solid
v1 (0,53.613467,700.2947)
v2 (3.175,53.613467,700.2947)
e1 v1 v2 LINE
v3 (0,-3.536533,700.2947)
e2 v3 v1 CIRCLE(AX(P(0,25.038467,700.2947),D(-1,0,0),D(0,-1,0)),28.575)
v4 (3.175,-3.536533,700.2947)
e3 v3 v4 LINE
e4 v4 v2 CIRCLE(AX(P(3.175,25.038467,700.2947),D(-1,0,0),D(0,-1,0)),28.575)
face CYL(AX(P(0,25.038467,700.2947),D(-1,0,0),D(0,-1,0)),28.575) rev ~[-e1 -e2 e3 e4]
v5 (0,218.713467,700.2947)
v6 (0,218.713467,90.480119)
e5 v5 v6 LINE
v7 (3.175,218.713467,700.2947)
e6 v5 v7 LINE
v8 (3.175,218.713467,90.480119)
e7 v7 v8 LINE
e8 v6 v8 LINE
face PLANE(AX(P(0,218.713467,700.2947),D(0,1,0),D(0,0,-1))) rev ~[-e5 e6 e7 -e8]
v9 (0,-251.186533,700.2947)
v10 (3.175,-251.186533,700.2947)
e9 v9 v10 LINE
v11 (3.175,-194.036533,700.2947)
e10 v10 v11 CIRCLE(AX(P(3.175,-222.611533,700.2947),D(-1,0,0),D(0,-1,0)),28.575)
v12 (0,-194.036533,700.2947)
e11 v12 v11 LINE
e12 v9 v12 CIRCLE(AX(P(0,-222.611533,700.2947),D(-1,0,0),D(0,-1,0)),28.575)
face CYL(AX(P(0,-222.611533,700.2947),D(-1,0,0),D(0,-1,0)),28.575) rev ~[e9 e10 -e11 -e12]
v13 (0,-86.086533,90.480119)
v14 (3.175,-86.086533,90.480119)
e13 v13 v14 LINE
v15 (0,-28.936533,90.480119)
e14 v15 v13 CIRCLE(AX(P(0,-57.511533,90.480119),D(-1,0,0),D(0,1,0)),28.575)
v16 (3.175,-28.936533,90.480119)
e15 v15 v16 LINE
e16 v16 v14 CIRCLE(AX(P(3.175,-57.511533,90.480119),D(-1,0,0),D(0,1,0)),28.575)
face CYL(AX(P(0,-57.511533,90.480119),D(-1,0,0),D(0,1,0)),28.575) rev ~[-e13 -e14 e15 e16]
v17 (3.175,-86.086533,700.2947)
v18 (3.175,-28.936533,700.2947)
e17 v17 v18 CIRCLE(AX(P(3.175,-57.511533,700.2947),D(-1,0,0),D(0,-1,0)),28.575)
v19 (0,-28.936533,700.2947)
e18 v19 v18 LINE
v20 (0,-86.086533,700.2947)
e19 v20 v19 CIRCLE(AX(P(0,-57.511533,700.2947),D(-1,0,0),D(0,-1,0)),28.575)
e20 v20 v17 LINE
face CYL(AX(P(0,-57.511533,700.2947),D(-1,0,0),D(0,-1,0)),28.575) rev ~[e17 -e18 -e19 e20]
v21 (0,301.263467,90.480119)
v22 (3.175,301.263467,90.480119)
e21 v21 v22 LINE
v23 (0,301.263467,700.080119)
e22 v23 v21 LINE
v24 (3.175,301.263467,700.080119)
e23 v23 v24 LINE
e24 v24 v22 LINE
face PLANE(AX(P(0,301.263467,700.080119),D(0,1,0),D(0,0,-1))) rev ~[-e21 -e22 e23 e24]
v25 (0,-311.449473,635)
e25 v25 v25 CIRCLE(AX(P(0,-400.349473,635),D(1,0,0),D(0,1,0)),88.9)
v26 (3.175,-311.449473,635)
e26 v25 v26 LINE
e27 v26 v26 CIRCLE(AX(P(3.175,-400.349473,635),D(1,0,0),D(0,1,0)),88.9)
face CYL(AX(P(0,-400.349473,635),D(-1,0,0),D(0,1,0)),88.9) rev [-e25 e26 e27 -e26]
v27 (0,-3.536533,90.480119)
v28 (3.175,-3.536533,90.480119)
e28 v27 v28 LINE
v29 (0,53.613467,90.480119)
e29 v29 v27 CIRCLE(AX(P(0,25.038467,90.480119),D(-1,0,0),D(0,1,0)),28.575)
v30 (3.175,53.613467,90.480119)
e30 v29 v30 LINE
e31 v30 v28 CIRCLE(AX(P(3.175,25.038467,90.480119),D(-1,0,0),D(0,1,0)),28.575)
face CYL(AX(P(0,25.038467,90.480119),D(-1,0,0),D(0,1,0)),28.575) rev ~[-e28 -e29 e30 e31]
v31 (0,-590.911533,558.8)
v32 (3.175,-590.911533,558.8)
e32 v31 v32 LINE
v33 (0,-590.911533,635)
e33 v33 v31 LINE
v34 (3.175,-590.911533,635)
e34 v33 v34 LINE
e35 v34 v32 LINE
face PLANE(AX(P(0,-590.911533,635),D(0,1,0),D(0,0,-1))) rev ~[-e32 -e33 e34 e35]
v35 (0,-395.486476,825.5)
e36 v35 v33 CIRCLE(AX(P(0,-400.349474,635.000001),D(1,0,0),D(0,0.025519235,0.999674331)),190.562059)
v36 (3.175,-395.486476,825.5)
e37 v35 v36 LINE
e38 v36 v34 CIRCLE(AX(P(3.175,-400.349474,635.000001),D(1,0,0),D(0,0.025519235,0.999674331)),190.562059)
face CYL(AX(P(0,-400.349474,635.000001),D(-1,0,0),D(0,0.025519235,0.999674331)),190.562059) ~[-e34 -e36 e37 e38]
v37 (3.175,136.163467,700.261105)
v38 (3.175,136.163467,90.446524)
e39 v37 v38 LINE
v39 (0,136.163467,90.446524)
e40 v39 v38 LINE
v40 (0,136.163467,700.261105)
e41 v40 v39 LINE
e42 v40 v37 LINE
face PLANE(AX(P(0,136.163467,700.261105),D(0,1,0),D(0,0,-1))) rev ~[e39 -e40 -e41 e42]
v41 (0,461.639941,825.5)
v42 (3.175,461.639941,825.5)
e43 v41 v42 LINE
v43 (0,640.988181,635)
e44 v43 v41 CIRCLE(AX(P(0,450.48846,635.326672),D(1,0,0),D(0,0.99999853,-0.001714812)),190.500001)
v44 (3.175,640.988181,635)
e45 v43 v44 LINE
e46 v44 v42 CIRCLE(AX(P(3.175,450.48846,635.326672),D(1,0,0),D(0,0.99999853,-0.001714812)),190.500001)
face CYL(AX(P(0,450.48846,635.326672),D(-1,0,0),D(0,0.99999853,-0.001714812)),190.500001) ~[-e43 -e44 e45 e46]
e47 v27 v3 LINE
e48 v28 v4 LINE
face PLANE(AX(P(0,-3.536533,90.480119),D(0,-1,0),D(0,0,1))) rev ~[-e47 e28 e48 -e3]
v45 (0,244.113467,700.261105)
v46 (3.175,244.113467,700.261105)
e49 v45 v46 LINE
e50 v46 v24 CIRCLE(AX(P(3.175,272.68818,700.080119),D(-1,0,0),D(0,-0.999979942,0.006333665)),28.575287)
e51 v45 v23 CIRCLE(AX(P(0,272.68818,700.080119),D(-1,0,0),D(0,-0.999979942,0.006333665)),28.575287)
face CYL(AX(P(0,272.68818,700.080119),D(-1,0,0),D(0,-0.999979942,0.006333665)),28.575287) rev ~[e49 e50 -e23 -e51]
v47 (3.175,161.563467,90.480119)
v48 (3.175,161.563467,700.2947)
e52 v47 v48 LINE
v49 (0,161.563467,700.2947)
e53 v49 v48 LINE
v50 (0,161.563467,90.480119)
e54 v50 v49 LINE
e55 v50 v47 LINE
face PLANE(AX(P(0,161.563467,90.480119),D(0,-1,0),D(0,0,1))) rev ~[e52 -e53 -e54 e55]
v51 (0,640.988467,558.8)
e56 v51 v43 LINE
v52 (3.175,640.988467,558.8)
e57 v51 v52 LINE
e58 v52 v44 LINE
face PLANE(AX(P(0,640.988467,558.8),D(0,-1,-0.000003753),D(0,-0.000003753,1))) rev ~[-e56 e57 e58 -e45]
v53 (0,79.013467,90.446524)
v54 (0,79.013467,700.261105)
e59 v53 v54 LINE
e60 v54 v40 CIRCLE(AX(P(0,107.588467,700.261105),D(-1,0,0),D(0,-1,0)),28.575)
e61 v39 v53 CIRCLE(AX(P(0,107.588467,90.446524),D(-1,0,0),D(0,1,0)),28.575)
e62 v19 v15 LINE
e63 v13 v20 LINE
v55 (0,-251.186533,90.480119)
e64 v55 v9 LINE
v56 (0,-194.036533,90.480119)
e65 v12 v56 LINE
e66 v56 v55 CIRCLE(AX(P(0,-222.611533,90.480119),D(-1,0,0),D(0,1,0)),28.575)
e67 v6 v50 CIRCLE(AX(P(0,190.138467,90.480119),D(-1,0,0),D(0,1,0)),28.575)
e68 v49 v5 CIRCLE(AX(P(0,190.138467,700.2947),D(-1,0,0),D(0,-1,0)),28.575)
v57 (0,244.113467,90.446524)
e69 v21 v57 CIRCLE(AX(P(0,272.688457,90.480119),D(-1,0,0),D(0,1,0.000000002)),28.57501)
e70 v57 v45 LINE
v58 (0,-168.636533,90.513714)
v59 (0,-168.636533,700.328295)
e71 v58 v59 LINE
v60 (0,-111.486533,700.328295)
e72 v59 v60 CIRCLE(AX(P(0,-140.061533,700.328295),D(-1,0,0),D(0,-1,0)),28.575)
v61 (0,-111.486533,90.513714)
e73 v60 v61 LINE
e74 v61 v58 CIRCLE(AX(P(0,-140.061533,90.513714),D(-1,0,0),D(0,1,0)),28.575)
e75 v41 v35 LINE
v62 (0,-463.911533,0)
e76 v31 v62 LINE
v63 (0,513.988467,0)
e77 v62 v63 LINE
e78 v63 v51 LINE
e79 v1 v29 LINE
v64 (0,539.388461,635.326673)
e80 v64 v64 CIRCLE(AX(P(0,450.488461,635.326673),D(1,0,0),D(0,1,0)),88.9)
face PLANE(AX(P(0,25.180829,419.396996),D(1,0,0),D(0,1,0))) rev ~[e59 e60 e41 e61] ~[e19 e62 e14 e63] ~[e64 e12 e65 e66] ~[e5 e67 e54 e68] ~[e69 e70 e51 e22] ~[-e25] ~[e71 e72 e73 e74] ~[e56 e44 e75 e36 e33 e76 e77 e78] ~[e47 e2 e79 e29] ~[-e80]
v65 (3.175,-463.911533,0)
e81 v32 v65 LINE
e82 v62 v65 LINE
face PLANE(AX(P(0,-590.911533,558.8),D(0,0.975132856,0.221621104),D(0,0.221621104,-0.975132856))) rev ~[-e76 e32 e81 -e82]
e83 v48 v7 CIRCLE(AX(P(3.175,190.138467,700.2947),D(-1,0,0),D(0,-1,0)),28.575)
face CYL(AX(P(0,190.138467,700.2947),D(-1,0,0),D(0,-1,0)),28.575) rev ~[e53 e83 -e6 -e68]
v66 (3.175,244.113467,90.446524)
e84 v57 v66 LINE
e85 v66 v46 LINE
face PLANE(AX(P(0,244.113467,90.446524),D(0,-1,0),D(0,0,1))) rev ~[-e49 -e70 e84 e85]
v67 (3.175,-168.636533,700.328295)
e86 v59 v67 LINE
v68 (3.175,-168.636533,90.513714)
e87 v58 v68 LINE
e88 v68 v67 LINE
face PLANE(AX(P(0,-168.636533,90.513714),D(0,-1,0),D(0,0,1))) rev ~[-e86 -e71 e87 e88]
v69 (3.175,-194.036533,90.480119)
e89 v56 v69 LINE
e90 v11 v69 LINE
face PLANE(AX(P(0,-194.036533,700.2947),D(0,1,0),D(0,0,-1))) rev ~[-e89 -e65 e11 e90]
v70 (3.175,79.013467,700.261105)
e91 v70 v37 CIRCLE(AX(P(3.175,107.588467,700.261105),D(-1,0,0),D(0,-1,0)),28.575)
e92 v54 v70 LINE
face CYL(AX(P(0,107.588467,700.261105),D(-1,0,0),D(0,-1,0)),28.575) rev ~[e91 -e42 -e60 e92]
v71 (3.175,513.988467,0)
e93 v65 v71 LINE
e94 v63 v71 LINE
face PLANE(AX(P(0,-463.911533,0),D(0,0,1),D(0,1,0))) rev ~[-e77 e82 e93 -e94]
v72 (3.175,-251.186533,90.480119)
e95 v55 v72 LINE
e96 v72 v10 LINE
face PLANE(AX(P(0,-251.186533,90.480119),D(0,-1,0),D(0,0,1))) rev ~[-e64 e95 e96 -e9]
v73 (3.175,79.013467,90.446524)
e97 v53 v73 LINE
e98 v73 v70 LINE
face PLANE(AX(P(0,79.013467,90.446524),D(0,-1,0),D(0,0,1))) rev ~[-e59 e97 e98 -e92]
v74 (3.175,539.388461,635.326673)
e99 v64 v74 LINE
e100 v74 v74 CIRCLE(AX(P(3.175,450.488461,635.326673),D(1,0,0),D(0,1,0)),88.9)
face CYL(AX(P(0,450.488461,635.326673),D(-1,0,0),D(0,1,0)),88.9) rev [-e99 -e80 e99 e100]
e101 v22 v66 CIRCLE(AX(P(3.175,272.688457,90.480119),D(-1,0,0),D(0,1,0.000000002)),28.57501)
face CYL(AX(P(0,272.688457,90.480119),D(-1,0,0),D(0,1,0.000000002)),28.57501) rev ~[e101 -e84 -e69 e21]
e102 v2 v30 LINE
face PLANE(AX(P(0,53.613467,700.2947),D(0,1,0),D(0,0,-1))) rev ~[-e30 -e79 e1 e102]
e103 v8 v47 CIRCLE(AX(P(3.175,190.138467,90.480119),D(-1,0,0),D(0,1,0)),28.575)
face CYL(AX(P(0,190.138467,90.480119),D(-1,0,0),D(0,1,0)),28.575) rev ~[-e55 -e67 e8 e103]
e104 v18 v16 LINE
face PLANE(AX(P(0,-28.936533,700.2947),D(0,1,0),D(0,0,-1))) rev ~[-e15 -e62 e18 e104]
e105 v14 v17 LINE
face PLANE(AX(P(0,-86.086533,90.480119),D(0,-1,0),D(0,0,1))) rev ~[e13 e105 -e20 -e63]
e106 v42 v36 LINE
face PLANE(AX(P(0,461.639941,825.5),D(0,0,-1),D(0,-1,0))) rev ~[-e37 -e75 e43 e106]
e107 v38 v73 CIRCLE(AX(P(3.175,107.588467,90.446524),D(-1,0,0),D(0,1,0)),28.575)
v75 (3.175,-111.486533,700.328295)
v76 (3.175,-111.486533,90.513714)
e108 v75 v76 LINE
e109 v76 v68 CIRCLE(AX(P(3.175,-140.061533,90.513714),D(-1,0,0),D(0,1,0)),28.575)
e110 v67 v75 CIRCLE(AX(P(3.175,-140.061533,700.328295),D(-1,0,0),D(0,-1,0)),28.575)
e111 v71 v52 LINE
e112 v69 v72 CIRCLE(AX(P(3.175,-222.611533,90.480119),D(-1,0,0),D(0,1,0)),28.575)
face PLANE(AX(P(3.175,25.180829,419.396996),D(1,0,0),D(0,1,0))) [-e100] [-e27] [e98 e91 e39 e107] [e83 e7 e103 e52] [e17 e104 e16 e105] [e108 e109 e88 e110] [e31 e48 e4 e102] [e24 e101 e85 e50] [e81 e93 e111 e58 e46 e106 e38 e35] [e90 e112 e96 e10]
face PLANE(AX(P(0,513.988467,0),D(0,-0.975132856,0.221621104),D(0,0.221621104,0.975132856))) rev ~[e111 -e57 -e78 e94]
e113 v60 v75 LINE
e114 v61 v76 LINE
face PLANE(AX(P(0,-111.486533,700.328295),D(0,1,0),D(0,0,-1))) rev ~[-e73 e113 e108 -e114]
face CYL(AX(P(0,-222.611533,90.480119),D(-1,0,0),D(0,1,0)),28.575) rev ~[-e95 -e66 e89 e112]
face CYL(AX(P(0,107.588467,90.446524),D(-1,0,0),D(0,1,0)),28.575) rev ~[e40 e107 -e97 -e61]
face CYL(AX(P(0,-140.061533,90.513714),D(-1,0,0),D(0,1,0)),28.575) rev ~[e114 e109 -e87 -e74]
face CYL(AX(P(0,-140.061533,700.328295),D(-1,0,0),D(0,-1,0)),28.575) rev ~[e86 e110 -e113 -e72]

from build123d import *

# Parameters (mm, degrees)
F0_R     = 88.9
F1_DEPTH = 3.175


with BuildPart() as f1:
    # F0 (on Right) → F1 (new body)
    with BuildSketch(Plane.YZ):
        with BuildLine():
            Line((640.988467, 558.8), (640.988181, 635))
            ThreePointArc((640.988181, 635), (589.190891, 765.909542), (461.639941, 825.5))
            Line((461.639941, 825.5), (-395.486476, 825.5))
            ThreePointArc((-395.486476, 825.5), (-533.366758, 771.456223), (-590.911533, 635))
            Line((-590.911533, 635), (-590.911533, 558.8))
            Line((-590.911533, 558.8), (-463.911533, 0))
            Line((-463.911533, 0), (513.988467, 0))
            Line((513.988467, 0), (640.988467, 558.8))
        make_face()
        with BuildLine():
            ThreePointArc((-251.186533, 700.2947), (-222.611533, 728.8697), (-194.036533, 700.2947))
            Line((-194.036533, 700.2947), (-194.036533, 90.480119))
            ThreePointArc((-194.036533, 90.480119), (-222.611533, 61.905119), (-251.186533, 90.480119))
            Line((-251.186533, 90.480119), (-251.186533, 700.2947))
        make_face(mode=Mode.SUBTRACT)
        with BuildLine():
            ThreePointArc((-168.636533, 700.328295), (-140.061533, 728.903295), (-111.486533, 700.328295))
            Line((-111.486533, 700.328295), (-111.486533, 90.513714))
            ThreePointArc((-111.486533, 90.513714), (-140.061533, 61.938714), (-168.636533, 90.513714))
            Line((-168.636533, 90.513714), (-168.636533, 700.328295))
        make_face(mode=Mode.SUBTRACT)
        with BuildLine():
            ThreePointArc((-86.086533, 700.2947), (-57.511533, 728.8697), (-28.936533, 700.2947))
            Line((-28.936533, 700.2947), (-28.936533, 90.480119))
            ThreePointArc((-28.936533, 90.480119), (-57.511533, 61.905119), (-86.086533, 90.480119))
            Line((-86.086533, 90.480119), (-86.086533, 700.2947))
        make_face(mode=Mode.SUBTRACT)
        with BuildLine():
            ThreePointArc((-3.536533, 700.2947), (25.038467, 728.8697), (53.613467, 700.2947))
            Line((53.613467, 700.2947), (53.613467, 90.480119))
            ThreePointArc((53.613467, 90.480119), (25.038467, 61.905119), (-3.536533, 90.480119))
            Line((-3.536533, 90.480119), (-3.536533, 700.2947))
        make_face(mode=Mode.SUBTRACT)
        with BuildLine():
            ThreePointArc((79.013467, 700.261105), (107.588467, 728.836105), (136.163467, 700.261105))
            Line((136.163467, 700.261105), (136.163467, 90.446524))
            ThreePointArc((136.163467, 90.446524), (107.588467, 61.871524), (79.013467, 90.446524))
            Line((79.013467, 90.446524), (79.013467, 700.261105))
        make_face(mode=Mode.SUBTRACT)
        with BuildLine():
            ThreePointArc((161.563467, 700.2947), (190.138467, 728.8697), (218.713467, 700.2947))
            Line((218.713467, 700.2947), (218.713467, 90.480119))
            ThreePointArc((218.713467, 90.480119), (190.138467, 61.905119), (161.563467, 90.480119))
            Line((161.563467, 90.480119), (161.563467, 700.2947))
        make_face(mode=Mode.SUBTRACT)
        with BuildLine():
            ThreePointArc((244.113467, 700.261105), (272.778674, 728.655262), (301.263467, 700.080119))
            Line((301.263467, 700.080119), (301.263467, 90.480119))
            ThreePointArc((301.263467, 90.480119), (272.705255, 61.905114), (244.113467, 90.446524))
            Line((244.113467, 90.446524), (244.113467, 700.261105))
        make_face(mode=Mode.SUBTRACT)
        with Locations((-400.349473, 635)):
            Circle(F0_R, mode=Mode.SUBTRACT)
        with Locations((450.488461, 635.326673)):
            Circle(F0_R, mode=Mode.SUBTRACT)
    extrude(amount=F1_DEPTH)


solid = f1.part
